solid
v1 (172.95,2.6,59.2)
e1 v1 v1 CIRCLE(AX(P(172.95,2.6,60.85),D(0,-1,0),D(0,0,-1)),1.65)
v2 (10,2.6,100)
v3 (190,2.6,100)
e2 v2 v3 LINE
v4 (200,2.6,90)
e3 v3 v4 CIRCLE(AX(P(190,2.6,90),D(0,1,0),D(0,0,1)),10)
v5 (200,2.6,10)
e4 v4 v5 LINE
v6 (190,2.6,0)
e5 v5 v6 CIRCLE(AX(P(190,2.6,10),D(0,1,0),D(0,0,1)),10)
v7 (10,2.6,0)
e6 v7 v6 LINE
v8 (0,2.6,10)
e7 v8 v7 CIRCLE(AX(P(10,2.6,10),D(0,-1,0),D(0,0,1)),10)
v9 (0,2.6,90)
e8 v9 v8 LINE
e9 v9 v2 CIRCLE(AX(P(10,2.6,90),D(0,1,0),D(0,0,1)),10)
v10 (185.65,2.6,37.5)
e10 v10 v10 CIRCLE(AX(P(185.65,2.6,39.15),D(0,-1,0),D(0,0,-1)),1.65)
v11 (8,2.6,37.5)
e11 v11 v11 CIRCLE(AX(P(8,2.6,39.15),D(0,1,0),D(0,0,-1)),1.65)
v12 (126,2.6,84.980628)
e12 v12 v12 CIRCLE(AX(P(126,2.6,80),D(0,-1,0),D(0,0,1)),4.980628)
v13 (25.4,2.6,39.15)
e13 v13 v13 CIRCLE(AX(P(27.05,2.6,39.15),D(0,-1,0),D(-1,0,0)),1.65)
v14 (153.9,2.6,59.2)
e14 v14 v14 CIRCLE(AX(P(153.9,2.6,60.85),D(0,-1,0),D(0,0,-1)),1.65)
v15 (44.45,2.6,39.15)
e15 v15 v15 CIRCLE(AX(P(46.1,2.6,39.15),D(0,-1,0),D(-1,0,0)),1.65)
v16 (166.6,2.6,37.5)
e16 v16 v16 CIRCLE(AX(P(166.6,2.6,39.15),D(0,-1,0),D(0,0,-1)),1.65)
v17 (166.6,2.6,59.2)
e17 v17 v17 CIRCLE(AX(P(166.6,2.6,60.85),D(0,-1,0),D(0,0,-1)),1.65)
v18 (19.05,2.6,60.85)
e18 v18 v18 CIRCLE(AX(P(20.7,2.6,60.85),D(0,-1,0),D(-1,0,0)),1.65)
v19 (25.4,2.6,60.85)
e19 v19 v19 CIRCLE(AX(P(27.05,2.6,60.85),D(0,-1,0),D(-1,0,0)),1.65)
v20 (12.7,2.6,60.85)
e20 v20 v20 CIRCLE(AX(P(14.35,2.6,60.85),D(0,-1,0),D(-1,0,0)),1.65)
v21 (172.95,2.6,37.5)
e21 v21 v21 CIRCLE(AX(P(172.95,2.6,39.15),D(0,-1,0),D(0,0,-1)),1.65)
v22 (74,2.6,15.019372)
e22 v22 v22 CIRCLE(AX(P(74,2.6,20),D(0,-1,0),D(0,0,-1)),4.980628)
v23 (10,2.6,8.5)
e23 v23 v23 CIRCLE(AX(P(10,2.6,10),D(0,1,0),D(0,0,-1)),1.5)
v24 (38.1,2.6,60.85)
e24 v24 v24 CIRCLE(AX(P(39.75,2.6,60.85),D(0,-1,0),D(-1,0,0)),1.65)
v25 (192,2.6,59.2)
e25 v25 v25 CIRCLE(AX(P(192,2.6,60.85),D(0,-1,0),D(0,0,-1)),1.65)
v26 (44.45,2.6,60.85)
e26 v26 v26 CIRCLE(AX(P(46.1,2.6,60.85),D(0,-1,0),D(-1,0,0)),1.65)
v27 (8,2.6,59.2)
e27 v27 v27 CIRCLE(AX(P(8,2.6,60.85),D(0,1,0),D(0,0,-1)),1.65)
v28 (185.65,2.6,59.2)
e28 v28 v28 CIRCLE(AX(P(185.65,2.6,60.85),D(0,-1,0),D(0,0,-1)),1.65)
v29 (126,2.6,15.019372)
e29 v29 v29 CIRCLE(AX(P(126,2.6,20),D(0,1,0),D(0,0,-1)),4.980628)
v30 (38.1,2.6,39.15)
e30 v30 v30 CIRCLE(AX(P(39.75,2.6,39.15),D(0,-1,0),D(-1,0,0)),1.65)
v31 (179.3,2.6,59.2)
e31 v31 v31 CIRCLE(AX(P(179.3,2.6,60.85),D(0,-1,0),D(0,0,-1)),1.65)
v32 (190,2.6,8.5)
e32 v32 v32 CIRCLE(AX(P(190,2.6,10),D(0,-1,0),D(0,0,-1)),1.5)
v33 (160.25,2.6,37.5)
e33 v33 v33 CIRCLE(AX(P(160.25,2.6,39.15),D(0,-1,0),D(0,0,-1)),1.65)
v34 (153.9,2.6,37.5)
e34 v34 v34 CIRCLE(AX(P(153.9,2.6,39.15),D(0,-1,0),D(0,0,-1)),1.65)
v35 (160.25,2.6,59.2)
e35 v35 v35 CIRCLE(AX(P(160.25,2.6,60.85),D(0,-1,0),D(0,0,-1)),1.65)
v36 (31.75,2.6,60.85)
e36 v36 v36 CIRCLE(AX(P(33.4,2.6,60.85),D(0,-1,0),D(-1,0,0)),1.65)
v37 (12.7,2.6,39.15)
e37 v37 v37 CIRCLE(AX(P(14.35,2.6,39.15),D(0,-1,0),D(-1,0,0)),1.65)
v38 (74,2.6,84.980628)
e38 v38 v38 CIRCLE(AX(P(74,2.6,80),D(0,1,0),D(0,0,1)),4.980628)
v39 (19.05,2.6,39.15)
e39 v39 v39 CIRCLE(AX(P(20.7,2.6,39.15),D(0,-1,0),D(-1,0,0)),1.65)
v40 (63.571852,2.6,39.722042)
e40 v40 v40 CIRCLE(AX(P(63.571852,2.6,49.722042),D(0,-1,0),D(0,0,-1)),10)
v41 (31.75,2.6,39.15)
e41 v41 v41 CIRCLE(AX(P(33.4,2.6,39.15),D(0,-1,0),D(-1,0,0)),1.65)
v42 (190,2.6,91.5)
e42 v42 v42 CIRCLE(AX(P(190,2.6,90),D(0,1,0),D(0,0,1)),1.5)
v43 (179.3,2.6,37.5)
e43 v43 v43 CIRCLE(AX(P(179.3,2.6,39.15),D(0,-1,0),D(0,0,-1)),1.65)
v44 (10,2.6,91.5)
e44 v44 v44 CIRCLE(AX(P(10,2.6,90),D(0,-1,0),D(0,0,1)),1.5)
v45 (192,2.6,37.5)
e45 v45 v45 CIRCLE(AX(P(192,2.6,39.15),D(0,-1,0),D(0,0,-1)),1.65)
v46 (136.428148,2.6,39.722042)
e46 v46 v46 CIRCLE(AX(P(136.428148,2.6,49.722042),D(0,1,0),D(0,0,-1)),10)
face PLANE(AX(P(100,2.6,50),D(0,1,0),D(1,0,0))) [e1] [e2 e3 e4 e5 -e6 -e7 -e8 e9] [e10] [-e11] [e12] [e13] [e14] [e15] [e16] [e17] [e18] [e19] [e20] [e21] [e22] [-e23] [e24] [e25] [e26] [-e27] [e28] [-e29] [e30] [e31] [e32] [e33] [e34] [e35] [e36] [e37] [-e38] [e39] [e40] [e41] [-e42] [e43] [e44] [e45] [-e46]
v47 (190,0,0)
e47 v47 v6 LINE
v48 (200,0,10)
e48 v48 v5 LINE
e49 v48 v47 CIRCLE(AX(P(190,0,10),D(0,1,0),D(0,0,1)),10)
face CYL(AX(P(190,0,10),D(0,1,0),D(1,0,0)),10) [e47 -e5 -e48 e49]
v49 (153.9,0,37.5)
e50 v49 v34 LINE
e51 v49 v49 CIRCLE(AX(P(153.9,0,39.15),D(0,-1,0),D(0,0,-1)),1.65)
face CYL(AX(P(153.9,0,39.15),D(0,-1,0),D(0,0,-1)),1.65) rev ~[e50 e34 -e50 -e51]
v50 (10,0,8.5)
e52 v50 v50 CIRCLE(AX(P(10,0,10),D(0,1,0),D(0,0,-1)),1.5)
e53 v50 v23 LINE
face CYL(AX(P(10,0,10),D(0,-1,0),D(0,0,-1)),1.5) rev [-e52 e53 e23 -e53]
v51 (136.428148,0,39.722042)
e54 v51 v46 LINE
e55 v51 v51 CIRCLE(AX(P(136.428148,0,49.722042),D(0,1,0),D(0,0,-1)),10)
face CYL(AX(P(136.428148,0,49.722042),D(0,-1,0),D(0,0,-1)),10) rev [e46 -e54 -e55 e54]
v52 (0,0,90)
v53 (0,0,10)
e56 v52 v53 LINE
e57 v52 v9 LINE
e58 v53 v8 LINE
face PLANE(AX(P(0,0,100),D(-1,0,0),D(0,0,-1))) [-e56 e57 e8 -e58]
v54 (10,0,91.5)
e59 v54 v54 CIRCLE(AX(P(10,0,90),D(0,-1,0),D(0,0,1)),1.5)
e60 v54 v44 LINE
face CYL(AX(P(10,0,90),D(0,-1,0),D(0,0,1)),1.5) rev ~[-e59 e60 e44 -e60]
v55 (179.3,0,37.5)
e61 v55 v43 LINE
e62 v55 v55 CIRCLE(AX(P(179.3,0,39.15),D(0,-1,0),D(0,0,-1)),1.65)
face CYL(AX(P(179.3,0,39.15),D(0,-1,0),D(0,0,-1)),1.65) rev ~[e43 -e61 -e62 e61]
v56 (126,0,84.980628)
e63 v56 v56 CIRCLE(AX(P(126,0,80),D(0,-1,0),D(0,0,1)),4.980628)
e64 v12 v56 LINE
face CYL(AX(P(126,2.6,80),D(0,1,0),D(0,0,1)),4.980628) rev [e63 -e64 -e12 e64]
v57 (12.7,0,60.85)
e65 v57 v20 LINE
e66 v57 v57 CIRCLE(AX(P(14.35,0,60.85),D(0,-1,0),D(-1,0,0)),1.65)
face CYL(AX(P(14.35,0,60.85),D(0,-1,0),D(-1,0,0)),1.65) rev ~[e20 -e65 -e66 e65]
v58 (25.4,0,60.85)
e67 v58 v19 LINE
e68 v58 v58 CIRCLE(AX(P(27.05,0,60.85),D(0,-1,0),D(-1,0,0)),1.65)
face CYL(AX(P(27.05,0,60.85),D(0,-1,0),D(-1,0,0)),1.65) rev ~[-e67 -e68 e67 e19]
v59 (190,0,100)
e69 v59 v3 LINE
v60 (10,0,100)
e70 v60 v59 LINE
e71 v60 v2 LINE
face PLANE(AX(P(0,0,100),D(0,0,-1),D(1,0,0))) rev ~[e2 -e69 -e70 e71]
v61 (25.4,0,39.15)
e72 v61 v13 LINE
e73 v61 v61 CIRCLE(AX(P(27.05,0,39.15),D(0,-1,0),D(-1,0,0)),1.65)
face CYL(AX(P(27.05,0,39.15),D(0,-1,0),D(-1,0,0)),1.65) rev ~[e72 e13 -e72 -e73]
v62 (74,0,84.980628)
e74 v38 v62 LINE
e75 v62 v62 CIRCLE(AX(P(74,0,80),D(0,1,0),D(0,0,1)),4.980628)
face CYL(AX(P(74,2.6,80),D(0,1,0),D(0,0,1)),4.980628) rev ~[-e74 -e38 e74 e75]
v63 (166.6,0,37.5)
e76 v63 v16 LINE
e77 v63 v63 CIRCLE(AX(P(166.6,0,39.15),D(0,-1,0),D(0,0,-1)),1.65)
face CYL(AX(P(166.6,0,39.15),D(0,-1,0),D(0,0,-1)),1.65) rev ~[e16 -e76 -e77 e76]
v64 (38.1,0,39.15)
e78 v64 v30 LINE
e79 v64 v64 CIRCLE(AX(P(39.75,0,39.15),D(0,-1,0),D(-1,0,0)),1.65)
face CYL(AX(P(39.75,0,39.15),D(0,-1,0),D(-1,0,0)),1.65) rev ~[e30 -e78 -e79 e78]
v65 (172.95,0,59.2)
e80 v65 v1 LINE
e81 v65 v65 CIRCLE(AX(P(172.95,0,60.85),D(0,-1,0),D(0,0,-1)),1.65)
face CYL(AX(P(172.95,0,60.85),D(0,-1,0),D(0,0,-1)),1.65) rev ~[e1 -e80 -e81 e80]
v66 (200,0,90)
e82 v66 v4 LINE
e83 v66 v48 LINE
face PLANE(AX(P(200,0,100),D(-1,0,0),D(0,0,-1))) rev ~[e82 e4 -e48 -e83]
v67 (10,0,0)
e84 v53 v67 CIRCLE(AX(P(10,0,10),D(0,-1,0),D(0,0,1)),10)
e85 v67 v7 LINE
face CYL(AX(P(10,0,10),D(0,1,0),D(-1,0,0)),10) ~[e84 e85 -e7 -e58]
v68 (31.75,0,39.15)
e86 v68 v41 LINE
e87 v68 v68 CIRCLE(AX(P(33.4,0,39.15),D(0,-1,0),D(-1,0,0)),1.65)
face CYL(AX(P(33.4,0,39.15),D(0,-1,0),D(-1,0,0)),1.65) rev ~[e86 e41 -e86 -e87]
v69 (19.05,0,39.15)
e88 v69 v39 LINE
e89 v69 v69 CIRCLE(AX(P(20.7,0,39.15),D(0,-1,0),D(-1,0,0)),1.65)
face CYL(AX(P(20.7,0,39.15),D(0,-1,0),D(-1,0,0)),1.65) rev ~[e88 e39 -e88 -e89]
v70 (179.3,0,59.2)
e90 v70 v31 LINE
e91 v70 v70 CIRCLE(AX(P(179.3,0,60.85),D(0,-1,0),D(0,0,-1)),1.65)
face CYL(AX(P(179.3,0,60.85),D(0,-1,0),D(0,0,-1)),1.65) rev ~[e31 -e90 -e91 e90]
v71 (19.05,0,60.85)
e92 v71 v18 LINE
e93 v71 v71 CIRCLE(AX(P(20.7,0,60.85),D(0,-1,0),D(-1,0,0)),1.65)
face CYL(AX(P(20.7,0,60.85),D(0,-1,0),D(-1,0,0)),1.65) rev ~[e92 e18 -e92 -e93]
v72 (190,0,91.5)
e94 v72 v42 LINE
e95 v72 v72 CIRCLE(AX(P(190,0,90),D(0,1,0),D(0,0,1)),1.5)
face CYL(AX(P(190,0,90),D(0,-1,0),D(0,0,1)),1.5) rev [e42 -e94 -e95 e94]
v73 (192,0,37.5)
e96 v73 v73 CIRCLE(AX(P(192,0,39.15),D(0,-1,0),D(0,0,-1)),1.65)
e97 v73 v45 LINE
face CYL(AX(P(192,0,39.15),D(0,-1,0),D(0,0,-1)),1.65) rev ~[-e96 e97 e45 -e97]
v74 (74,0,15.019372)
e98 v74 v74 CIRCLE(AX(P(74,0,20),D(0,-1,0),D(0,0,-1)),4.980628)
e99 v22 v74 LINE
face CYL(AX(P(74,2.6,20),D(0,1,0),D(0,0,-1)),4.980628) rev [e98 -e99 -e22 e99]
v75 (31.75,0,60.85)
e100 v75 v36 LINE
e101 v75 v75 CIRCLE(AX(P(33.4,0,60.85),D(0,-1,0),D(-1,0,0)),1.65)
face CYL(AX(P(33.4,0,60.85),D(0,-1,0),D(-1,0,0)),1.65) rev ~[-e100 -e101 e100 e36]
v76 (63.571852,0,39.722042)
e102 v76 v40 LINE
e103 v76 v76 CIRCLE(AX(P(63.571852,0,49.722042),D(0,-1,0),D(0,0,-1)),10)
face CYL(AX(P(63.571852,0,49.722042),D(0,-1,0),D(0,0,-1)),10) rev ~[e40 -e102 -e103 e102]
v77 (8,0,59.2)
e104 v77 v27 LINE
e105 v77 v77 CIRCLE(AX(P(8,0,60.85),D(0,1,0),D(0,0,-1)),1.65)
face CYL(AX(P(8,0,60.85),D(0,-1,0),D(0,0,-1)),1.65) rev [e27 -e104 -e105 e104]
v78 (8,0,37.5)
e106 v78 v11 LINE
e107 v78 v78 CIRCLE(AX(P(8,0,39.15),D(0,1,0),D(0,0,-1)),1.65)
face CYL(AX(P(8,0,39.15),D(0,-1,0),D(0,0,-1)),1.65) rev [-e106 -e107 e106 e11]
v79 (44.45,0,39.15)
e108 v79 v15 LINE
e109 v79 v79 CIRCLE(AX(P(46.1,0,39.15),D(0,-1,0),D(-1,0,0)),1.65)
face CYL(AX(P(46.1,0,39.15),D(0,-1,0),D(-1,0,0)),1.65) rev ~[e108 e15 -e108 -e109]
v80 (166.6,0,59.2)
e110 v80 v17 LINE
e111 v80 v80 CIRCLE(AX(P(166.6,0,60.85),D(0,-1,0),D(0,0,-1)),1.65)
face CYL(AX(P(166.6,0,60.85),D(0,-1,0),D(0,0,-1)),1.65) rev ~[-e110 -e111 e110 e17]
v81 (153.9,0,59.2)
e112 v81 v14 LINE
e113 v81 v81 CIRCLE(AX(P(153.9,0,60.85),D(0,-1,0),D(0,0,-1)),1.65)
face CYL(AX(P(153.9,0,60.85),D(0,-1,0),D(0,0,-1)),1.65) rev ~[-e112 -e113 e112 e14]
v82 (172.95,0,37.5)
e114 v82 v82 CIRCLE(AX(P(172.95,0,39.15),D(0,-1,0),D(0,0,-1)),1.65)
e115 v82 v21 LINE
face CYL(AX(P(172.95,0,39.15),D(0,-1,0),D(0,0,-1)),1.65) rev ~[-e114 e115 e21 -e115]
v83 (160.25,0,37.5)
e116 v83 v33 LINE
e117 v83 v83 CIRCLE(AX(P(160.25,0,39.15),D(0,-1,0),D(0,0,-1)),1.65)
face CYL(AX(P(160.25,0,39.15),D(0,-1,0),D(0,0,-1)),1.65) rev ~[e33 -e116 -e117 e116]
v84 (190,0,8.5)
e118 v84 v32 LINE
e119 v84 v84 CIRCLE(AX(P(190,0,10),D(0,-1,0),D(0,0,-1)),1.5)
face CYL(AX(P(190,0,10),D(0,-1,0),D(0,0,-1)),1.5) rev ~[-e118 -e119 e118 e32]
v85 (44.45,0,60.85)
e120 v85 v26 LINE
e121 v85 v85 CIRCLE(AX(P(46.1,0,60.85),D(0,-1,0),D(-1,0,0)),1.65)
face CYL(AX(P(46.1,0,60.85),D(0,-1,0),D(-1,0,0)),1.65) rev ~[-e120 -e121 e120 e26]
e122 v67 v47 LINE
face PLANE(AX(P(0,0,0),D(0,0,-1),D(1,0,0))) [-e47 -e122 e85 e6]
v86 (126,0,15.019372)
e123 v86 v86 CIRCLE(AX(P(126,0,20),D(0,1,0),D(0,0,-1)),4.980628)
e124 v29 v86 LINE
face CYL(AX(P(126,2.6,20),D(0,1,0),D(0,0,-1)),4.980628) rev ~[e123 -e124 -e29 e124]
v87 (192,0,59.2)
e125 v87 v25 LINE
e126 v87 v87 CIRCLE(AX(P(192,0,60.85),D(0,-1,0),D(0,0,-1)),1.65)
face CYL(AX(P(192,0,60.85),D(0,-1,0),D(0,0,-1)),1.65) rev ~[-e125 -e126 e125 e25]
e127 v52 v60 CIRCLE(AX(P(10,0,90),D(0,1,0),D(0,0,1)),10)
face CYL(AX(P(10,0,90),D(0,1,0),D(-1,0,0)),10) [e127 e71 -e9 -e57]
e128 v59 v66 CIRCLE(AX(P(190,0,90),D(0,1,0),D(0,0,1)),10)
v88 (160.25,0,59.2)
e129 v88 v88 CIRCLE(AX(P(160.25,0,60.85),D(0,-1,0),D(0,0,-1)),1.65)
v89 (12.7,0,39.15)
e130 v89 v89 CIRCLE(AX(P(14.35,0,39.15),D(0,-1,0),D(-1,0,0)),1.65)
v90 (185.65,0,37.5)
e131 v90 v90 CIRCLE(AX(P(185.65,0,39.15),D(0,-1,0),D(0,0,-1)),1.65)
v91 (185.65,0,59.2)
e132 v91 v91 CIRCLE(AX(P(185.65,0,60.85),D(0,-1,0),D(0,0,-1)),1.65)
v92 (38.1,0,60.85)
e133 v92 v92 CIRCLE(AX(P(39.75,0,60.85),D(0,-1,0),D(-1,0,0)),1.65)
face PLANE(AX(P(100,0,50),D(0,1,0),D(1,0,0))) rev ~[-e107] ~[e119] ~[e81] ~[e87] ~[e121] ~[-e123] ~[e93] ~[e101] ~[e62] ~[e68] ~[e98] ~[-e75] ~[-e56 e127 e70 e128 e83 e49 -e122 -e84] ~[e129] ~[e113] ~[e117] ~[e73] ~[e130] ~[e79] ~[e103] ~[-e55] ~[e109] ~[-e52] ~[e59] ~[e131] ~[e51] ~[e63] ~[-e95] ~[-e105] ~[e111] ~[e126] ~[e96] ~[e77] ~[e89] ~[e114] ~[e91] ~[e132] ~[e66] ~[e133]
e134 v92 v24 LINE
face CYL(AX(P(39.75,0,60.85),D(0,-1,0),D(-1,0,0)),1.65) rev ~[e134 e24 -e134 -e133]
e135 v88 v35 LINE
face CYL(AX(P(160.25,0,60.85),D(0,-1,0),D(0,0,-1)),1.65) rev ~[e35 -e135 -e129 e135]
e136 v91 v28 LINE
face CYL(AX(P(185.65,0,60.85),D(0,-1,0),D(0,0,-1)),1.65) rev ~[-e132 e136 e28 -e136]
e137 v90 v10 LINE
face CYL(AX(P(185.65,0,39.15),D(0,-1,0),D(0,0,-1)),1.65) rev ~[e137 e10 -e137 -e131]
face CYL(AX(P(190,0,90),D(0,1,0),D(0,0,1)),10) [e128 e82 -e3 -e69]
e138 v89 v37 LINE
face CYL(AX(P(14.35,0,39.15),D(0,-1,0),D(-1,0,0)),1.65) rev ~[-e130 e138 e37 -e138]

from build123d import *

# Parameters (mm, degrees)
SKETCH1_W               = 200
SKETCH1_H               = 100
BOSS_EXTRUDE1_DEPTH     = 2.6
FILLET1_R               = 10
SKETCH8_R               = 1.65
CUT_EXTRUDE4_DEPTH      = 2.6
LPATTERN1_COUNT         = 7
LPATTERN1_PITCH         = 6.35
MIRROR1_COPY_1_SKETCH_R = 1.65
MIRROR1_COPY_1_DEPTH    = 2.6
MIRROR1_COPY_2_SKETCH_R = 1.65
MIRROR1_COPY_2_DEPTH    = 2.6
MIRROR1_COPY_3_SKETCH_R = 1.65
MIRROR1_COPY_3_DEPTH    = 2.6
MIRROR1_COPY_4_SKETCH_R = 1.65
MIRROR1_COPY_4_DEPTH    = 2.6
MIRROR1_COPY_5_SKETCH_R = 1.65
MIRROR1_COPY_5_DEPTH    = 2.6
MIRROR1_COPY_6_SKETCH_R = 1.65
MIRROR1_COPY_6_DEPTH    = 2.6
SKETCH6_R               = 1.5
CUT_EXTRUDE6_DEPTH      = 2.6
MIRROR6_COPY_1_SKETCH_R = 1.5
MIRROR6_COPY_1_DEPTH    = 2.6
SKETCH13_R              = 4.980627928
CUT_EXTRUDE7_DEPTH      = 2.6
MIRROR8_COPY_1_SKETCH_R = 4.980627928
MIRROR8_COPY_1_DEPTH    = 2.6
SKETCH15_R              = 10
CUT_EXTRUDE8_DEPTH      = 2.6


with BuildPart() as part:
    # Sketch1 → Boss-Extrude1 (new body)
    with BuildSketch(Plane(origin=(0, 0, 0), x_dir=(1, 0, 0), z_dir=(0, 1, 0))):
        with Locations((100, -50)):
            Rectangle(SKETCH1_W, SKETCH1_H)
    extrude(amount=BOSS_EXTRUDE1_DEPTH)

    # Fillet1
    fillet1_edges = [part.edges().sort_by_distance(p)[0] for p in [
        (0, 1.3, 0),
        (200, 1.3, 0),
        (200, 1.3, 100),
        (0, 1.3, 100),
    ]]
    fillet(fillet1_edges, radius=FILLET1_R)

    # Sketch8 → Cut-Extrude4 (cut)
    with BuildSketch(Plane.XZ):
        with Locations(Location((192, 60.85, 0), (0, 0, 270))):
            Circle(SKETCH8_R)
        with Locations(Location((192, 39.15, 0), (0, 0, 270))):
            Circle(SKETCH8_R)
    cut_extrude4 = extrude(amount=-CUT_EXTRUDE4_DEPTH, mode=Mode.SUBTRACT)

    # LPattern1: Cut-Extrude4 ×7
    with Locations(*[(-i * LPATTERN1_PITCH, 0, 0) for i in range(1, LPATTERN1_COUNT)]):
        add(cut_extrude4, mode=Mode.SUBTRACT)

    # Mirror1: Cut-Extrude4 across plane
    add(cut_extrude4.mirror(Plane(origin=(100, 0, 0), x_dir=(0, 0, 1), z_dir=(1, 0, 0))), mode=Mode.SUBTRACT)

    # Mirror1 copy 1 sketch → Mirror1 copy 1 (cut)
    with BuildSketch(Plane(origin=(206.35, 0, 0), x_dir=(-1, 0, 0), z_dir=(0, -1, 0))):
        with Locations((192, -60.85)):
            Circle(MIRROR1_COPY_1_SKETCH_R)
        with Locations((192, -39.15)):
            Circle(MIRROR1_COPY_1_SKETCH_R)
    extrude(amount=-MIRROR1_COPY_1_DEPTH, mode=Mode.SUBTRACT)

    # Mirror1 copy 2 sketch → Mirror1 copy 2 (cut)
    with BuildSketch(Plane(origin=(212.7, 0, 0), x_dir=(-1, 0, 0), z_dir=(0, -1, 0))):
        with Locations((192, -60.85)):
            Circle(MIRROR1_COPY_2_SKETCH_R)
        with Locations((192, -39.15)):
            Circle(MIRROR1_COPY_2_SKETCH_R)
    extrude(amount=-MIRROR1_COPY_2_DEPTH, mode=Mode.SUBTRACT)

    # Mirror1 copy 3 sketch → Mirror1 copy 3 (cut)
    with BuildSketch(Plane(origin=(219.05, 0, 0), x_dir=(-1, 0, 0), z_dir=(0, -1, 0))):
        with Locations((192, -60.85)):
            Circle(MIRROR1_COPY_3_SKETCH_R)
        with Locations((192, -39.15)):
            Circle(MIRROR1_COPY_3_SKETCH_R)
    extrude(amount=-MIRROR1_COPY_3_DEPTH, mode=Mode.SUBTRACT)

    # Mirror1 copy 4 sketch → Mirror1 copy 4 (cut)
    with BuildSketch(Plane(origin=(225.4, 0, 0), x_dir=(-1, 0, 0), z_dir=(0, -1, 0))):
        with Locations((192, -60.85)):
            Circle(MIRROR1_COPY_4_SKETCH_R)
        with Locations((192, -39.15)):
            Circle(MIRROR1_COPY_4_SKETCH_R)
    extrude(amount=-MIRROR1_COPY_4_DEPTH, mode=Mode.SUBTRACT)

    # Mirror1 copy 5 sketch → Mirror1 copy 5 (cut)
    with BuildSketch(Plane(origin=(231.75, 0, 0), x_dir=(-1, 0, 0), z_dir=(0, -1, 0))):
        with Locations((192, -60.85)):
            Circle(MIRROR1_COPY_5_SKETCH_R)
        with Locations((192, -39.15)):
            Circle(MIRROR1_COPY_5_SKETCH_R)
    extrude(amount=-MIRROR1_COPY_5_DEPTH, mode=Mode.SUBTRACT)

    # Mirror1 copy 6 sketch → Mirror1 copy 6 (cut)
    with BuildSketch(Plane(origin=(238.1, 0, 0), x_dir=(-1, 0, 0), z_dir=(0, -1, 0))):
        with Locations((192, -60.85)):
            Circle(MIRROR1_COPY_6_SKETCH_R)
        with Locations((192, -39.15)):
            Circle(MIRROR1_COPY_6_SKETCH_R)
    extrude(amount=-MIRROR1_COPY_6_DEPTH, mode=Mode.SUBTRACT)

    # Sketch6 → Cut-Extrude6 (cut)
    with BuildSketch(Plane.XZ):
        with Locations(Location((190, 10, 0), (0, 0, 270))):
            Circle(SKETCH6_R)
    cut_extrude6 = extrude(amount=-CUT_EXTRUDE6_DEPTH, mode=Mode.SUBTRACT)

    # Mirror5: Cut-Extrude6 across plane
    add(cut_extrude6.mirror(Plane(origin=(100, 0, 0), x_dir=(0, 0, 1), z_dir=(1, 0, 0))), mode=Mode.SUBTRACT)

    # Mirror6: Cut-Extrude6 across plane
    add(cut_extrude6.mirror(Plane.XY.offset(50)), mode=Mode.SUBTRACT)

    # Mirror6 copy 1 sketch → Mirror6 copy 1 (cut)
    with BuildSketch(Plane(origin=(200, 0, 100), x_dir=(-1, 0, 0), z_dir=(0, -1, 0))):
        with Locations(Location((190, 10, 0), (0, 0, 270))):
            Circle(MIRROR6_COPY_1_SKETCH_R)
    extrude(amount=-MIRROR6_COPY_1_DEPTH, mode=Mode.SUBTRACT)

    # Sketch13 → Cut-Extrude7 (cut)
    with BuildSketch(Plane(origin=(0, 2.6, 0), x_dir=(1, 0, 0), z_dir=(0, 1, 0))):
        with Locations(Location((74, -80, 0), (0, 0, 270))):
            Circle(SKETCH13_R)
    cut_extrude7 = extrude(amount=-CUT_EXTRUDE7_DEPTH, mode=Mode.SUBTRACT)

    # Mirror7: Cut-Extrude7 across plane
    add(cut_extrude7.mirror(Plane.XY.offset(50)), mode=Mode.SUBTRACT)

    # Mirror8: Cut-Extrude7 across plane
    add(cut_extrude7.mirror(Plane(origin=(100, 0, 0), x_dir=(0, 0, 1), z_dir=(1, 0, 0))), mode=Mode.SUBTRACT)

    # Mirror8 copy 1 sketch → Mirror8 copy 1 (cut)
    with BuildSketch(Plane(origin=(200, 2.6, 100), x_dir=(-1, 0, 0), z_dir=(0, 1, 0))):
        with Locations(Location((74, -80, 0), (0, 0, 270))):
            Circle(MIRROR8_COPY_1_SKETCH_R)
    extrude(amount=-MIRROR8_COPY_1_DEPTH, mode=Mode.SUBTRACT)

    # Sketch15 → Cut-Extrude8 (cut)
    with BuildSketch(Plane.XZ):
        with Locations(Location((63.571852265, 49.722041857, 0), (0, 0, 270))):
            Circle(SKETCH15_R)
    cut_extrude8 = extrude(amount=-CUT_EXTRUDE8_DEPTH, mode=Mode.SUBTRACT)

    # Mirror9: Cut-Extrude8 across plane
    add(cut_extrude8.mirror(Plane(origin=(100, 0, 0), x_dir=(0, 0, 1), z_dir=(1, 0, 0))), mode=Mode.SUBTRACT)


solid = part.part
